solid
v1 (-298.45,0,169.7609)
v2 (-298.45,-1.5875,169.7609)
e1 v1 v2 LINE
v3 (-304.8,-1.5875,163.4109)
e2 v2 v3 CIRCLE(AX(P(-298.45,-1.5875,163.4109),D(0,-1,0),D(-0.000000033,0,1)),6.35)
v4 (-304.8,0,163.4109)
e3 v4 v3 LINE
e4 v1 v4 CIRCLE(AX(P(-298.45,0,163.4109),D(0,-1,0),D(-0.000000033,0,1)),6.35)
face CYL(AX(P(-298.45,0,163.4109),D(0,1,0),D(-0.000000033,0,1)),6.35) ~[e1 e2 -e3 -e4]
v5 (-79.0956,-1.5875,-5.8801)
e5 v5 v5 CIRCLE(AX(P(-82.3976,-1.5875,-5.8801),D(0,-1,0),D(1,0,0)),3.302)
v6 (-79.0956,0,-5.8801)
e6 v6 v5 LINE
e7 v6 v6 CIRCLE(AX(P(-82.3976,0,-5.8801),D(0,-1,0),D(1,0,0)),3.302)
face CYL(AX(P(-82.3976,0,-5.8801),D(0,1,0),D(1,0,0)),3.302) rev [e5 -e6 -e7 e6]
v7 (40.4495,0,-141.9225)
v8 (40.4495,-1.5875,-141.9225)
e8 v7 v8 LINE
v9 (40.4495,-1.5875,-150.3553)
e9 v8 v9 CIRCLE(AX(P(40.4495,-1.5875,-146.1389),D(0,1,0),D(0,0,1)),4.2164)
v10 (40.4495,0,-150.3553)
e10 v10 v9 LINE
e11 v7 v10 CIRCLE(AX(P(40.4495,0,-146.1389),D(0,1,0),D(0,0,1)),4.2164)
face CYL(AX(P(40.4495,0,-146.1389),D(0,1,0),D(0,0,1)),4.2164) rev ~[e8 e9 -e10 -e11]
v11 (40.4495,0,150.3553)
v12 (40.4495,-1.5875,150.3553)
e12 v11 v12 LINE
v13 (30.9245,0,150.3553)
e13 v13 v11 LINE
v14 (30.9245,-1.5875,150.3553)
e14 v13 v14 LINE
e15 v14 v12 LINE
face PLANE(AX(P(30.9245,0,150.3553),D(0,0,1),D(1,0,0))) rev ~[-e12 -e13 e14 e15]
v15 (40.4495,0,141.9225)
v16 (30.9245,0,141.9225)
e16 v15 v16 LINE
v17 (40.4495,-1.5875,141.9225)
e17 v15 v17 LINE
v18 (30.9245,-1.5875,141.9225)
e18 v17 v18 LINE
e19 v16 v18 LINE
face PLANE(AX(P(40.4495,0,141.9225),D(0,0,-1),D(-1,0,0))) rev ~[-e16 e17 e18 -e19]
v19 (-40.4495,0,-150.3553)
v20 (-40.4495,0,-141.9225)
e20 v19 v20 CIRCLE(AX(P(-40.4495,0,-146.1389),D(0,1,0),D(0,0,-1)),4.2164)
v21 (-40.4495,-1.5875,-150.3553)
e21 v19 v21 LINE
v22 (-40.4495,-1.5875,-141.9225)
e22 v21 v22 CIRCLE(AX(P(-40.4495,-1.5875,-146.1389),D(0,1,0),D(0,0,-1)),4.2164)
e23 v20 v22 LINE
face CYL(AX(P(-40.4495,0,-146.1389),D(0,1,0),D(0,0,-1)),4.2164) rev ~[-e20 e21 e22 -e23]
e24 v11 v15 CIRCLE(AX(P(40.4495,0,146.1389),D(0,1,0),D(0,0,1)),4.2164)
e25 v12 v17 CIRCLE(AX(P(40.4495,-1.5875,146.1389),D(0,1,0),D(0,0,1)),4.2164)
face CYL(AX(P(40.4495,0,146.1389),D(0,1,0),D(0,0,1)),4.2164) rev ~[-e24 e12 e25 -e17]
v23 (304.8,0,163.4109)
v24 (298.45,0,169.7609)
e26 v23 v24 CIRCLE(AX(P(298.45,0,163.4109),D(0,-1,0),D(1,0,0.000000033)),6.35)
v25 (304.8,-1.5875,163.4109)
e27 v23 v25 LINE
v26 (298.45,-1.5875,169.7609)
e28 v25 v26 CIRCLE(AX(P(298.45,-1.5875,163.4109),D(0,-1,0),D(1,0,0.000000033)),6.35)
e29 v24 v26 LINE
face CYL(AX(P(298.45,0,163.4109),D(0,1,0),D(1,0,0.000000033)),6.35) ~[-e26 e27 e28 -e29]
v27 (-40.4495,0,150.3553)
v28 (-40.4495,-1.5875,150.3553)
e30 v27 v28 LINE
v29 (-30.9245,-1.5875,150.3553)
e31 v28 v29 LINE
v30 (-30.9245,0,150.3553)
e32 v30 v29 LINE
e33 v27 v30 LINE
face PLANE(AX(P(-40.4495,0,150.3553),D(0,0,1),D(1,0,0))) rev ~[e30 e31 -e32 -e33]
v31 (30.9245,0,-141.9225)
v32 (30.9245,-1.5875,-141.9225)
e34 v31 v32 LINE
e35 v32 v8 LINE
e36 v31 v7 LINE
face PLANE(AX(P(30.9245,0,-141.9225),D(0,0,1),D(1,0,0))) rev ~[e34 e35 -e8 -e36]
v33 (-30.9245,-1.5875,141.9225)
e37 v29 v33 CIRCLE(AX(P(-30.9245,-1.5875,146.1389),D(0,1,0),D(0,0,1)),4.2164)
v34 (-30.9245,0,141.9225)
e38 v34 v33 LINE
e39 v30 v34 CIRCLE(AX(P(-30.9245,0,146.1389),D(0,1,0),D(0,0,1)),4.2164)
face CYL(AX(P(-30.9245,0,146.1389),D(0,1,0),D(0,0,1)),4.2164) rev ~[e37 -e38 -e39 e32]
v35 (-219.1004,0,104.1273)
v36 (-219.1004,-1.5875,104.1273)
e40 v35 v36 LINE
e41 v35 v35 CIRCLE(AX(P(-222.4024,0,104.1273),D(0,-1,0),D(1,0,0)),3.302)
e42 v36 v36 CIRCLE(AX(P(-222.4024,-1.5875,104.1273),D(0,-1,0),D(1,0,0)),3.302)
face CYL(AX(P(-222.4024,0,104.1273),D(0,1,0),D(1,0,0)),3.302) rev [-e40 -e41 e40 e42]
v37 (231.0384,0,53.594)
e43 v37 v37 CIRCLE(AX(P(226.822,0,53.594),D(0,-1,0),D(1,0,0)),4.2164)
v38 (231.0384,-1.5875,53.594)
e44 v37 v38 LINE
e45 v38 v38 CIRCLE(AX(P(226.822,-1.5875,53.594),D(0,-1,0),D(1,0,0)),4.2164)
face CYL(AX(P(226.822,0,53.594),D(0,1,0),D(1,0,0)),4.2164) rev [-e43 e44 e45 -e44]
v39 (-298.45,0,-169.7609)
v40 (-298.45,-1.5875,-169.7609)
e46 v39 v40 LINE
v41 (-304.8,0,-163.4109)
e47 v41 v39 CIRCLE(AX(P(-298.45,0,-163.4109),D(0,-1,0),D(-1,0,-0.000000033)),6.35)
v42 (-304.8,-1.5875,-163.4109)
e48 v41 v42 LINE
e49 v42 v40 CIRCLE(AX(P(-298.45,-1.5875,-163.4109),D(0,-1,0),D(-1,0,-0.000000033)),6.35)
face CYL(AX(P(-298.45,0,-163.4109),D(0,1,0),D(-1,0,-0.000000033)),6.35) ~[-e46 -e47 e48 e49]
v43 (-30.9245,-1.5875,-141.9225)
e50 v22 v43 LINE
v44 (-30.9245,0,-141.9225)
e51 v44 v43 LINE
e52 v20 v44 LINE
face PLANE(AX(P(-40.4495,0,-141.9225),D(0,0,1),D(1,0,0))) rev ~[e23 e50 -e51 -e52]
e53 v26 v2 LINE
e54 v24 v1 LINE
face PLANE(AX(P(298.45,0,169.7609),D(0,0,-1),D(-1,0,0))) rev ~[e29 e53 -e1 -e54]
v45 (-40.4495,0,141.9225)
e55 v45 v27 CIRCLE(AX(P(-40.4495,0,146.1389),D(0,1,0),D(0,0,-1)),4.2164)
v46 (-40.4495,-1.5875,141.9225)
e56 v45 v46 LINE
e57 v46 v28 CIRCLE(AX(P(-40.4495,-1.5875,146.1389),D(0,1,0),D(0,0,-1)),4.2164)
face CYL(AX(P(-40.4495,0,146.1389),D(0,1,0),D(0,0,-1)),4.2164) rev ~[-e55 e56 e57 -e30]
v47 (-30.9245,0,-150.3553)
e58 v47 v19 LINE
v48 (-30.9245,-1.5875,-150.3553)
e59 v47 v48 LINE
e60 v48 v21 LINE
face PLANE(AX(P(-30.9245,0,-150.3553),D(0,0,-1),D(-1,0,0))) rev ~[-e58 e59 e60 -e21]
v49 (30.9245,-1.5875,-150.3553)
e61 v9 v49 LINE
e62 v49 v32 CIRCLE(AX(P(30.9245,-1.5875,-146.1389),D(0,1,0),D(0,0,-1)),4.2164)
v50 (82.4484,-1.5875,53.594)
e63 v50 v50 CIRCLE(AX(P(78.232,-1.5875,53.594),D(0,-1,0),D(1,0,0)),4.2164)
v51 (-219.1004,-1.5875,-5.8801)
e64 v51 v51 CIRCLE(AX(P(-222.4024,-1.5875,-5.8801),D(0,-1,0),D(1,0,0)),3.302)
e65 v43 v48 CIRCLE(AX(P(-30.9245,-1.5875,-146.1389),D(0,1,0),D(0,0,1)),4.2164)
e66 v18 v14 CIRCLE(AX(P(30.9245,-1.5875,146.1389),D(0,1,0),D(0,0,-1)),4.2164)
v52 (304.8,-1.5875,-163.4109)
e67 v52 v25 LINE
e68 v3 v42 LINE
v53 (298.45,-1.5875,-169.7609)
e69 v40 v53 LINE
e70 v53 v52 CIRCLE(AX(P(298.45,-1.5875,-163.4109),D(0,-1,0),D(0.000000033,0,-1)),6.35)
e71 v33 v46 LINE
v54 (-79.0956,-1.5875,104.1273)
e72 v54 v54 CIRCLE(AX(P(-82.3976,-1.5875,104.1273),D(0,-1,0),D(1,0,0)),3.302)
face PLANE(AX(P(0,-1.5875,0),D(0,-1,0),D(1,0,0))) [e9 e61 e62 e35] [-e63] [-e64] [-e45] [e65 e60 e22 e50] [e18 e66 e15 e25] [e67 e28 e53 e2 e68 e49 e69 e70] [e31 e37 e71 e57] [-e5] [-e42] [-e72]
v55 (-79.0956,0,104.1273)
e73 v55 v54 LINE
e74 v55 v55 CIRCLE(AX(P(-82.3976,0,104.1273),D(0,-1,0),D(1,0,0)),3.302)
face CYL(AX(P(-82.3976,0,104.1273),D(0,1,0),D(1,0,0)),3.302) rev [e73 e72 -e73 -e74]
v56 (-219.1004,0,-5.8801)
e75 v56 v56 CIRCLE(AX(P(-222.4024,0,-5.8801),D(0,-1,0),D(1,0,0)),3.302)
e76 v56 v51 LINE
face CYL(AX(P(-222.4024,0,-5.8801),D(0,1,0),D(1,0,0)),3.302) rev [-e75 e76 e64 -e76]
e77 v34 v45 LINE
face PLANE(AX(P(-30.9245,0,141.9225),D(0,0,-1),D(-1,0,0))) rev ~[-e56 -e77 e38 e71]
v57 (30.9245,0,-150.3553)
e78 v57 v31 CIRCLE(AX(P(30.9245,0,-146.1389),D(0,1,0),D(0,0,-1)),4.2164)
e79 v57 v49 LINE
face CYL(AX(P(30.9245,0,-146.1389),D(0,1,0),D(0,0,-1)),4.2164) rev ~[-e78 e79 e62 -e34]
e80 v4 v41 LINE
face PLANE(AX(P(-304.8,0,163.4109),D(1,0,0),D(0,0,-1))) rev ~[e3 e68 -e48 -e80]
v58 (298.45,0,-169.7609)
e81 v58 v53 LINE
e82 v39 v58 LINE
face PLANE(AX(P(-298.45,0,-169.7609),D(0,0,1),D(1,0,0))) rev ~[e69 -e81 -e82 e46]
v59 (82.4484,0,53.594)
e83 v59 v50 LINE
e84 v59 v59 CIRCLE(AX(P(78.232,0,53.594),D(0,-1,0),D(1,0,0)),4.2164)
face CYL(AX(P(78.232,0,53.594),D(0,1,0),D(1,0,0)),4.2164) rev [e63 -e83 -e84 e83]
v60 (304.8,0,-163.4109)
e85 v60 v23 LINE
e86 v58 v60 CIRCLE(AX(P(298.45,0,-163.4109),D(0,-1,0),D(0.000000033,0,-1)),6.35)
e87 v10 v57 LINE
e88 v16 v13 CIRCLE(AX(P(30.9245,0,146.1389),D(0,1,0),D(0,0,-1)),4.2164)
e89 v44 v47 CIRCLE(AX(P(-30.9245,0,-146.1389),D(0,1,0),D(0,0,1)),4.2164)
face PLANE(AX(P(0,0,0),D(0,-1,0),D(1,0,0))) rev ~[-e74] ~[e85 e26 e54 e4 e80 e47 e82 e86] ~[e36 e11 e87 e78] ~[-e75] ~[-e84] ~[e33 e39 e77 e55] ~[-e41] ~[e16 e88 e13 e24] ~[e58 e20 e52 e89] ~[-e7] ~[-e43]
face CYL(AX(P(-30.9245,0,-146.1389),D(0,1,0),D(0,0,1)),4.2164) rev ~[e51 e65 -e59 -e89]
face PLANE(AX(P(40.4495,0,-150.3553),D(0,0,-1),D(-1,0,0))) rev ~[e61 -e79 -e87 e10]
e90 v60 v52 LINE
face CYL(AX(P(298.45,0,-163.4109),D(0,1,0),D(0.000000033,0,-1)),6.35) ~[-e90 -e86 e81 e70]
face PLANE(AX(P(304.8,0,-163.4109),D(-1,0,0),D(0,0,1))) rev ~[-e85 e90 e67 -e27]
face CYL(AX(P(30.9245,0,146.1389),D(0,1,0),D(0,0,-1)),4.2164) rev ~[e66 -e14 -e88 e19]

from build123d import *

# Parameters (mm, degrees)
F0_R     = 3.302
F0_R_2   = 4.2164
F1_DEPTH = 1.5875


with BuildPart() as f1:
    # F0 (on Front) → F1 (new body)
    with BuildSketch(Plane.XZ):
        with BuildLine():
            ThreePointArc((304.8, 163.4109), (302.940128, 167.901028), (298.45, 169.7609))
            Line((298.45, 169.7609), (-298.45, 169.7609))
            ThreePointArc((-298.45, 169.7609), (-302.940128, 167.901028), (-304.8, 163.4109))
            Line((-304.8, 163.4109), (-304.8, -163.4109))
            ThreePointArc((-304.8, -163.4109), (-302.940128, -167.901028), (-298.45, -169.7609))
            Line((-298.45, -169.7609), (298.45, -169.7609))
            ThreePointArc((298.45, -169.7609), (302.940128, -167.901028), (304.8, -163.4109))
            Line((304.8, -163.4109), (304.8, 163.4109))
        make_face()
        with BuildLine():
            Line((-30.9245, -150.3553), (-40.4495, -150.3553))
            ThreePointArc((-40.4495, -150.3553), (-44.6659, -146.1389), (-40.4495, -141.9225))
            Line((-40.4495, -141.9225), (-30.9245, -141.9225))
            ThreePointArc((-30.9245, -141.9225), (-26.7081, -146.1389), (-30.9245, -150.3553))
        make_face(mode=Mode.SUBTRACT)
        with Locations((-222.4024, -5.8801)):
            Circle(F0_R, mode=Mode.SUBTRACT)
        with Locations((-82.3976, -5.8801)):
            Circle(F0_R, mode=Mode.SUBTRACT)
        with BuildLine():
            Line((40.4495, -150.3553), (30.9245, -150.3553))
            ThreePointArc((30.9245, -150.3553), (26.7081, -146.1389), (30.9245, -141.9225))
            Line((30.9245, -141.9225), (40.4495, -141.9225))
            ThreePointArc((40.4495, -141.9225), (44.6659, -146.1389), (40.4495, -150.3553))
        make_face(mode=Mode.SUBTRACT)
        with Locations((-222.4024, 104.1273)):
            Circle(F0_R, mode=Mode.SUBTRACT)
        with Locations((-82.3976, 104.1273)):
            Circle(F0_R, mode=Mode.SUBTRACT)
        with BuildLine():
            Line((-30.9245, 141.9225), (-40.4495, 141.9225))
            ThreePointArc((-40.4495, 141.9225), (-44.6659, 146.1389), (-40.4495, 150.3553))
            Line((-40.4495, 150.3553), (-30.9245, 150.3553))
            ThreePointArc((-30.9245, 150.3553), (-26.7081, 146.1389), (-30.9245, 141.9225))
        make_face(mode=Mode.SUBTRACT)
        with Locations((78.232, 53.594)):
            Circle(F0_R_2, mode=Mode.SUBTRACT)
        with Locations((226.822, 53.594)):
            Circle(F0_R_2, mode=Mode.SUBTRACT)
        with BuildLine():
            Line((40.4495, 141.9225), (30.9245, 141.9225))
            ThreePointArc((30.9245, 141.9225), (26.7081, 146.1389), (30.9245, 150.3553))
            Line((30.9245, 150.3553), (40.4495, 150.3553))
            ThreePointArc((40.4495, 150.3553), (44.6659, 146.1389), (40.4495, 141.9225))
        make_face(mode=Mode.SUBTRACT)
    extrude(amount=F1_DEPTH)


solid = f1.part
